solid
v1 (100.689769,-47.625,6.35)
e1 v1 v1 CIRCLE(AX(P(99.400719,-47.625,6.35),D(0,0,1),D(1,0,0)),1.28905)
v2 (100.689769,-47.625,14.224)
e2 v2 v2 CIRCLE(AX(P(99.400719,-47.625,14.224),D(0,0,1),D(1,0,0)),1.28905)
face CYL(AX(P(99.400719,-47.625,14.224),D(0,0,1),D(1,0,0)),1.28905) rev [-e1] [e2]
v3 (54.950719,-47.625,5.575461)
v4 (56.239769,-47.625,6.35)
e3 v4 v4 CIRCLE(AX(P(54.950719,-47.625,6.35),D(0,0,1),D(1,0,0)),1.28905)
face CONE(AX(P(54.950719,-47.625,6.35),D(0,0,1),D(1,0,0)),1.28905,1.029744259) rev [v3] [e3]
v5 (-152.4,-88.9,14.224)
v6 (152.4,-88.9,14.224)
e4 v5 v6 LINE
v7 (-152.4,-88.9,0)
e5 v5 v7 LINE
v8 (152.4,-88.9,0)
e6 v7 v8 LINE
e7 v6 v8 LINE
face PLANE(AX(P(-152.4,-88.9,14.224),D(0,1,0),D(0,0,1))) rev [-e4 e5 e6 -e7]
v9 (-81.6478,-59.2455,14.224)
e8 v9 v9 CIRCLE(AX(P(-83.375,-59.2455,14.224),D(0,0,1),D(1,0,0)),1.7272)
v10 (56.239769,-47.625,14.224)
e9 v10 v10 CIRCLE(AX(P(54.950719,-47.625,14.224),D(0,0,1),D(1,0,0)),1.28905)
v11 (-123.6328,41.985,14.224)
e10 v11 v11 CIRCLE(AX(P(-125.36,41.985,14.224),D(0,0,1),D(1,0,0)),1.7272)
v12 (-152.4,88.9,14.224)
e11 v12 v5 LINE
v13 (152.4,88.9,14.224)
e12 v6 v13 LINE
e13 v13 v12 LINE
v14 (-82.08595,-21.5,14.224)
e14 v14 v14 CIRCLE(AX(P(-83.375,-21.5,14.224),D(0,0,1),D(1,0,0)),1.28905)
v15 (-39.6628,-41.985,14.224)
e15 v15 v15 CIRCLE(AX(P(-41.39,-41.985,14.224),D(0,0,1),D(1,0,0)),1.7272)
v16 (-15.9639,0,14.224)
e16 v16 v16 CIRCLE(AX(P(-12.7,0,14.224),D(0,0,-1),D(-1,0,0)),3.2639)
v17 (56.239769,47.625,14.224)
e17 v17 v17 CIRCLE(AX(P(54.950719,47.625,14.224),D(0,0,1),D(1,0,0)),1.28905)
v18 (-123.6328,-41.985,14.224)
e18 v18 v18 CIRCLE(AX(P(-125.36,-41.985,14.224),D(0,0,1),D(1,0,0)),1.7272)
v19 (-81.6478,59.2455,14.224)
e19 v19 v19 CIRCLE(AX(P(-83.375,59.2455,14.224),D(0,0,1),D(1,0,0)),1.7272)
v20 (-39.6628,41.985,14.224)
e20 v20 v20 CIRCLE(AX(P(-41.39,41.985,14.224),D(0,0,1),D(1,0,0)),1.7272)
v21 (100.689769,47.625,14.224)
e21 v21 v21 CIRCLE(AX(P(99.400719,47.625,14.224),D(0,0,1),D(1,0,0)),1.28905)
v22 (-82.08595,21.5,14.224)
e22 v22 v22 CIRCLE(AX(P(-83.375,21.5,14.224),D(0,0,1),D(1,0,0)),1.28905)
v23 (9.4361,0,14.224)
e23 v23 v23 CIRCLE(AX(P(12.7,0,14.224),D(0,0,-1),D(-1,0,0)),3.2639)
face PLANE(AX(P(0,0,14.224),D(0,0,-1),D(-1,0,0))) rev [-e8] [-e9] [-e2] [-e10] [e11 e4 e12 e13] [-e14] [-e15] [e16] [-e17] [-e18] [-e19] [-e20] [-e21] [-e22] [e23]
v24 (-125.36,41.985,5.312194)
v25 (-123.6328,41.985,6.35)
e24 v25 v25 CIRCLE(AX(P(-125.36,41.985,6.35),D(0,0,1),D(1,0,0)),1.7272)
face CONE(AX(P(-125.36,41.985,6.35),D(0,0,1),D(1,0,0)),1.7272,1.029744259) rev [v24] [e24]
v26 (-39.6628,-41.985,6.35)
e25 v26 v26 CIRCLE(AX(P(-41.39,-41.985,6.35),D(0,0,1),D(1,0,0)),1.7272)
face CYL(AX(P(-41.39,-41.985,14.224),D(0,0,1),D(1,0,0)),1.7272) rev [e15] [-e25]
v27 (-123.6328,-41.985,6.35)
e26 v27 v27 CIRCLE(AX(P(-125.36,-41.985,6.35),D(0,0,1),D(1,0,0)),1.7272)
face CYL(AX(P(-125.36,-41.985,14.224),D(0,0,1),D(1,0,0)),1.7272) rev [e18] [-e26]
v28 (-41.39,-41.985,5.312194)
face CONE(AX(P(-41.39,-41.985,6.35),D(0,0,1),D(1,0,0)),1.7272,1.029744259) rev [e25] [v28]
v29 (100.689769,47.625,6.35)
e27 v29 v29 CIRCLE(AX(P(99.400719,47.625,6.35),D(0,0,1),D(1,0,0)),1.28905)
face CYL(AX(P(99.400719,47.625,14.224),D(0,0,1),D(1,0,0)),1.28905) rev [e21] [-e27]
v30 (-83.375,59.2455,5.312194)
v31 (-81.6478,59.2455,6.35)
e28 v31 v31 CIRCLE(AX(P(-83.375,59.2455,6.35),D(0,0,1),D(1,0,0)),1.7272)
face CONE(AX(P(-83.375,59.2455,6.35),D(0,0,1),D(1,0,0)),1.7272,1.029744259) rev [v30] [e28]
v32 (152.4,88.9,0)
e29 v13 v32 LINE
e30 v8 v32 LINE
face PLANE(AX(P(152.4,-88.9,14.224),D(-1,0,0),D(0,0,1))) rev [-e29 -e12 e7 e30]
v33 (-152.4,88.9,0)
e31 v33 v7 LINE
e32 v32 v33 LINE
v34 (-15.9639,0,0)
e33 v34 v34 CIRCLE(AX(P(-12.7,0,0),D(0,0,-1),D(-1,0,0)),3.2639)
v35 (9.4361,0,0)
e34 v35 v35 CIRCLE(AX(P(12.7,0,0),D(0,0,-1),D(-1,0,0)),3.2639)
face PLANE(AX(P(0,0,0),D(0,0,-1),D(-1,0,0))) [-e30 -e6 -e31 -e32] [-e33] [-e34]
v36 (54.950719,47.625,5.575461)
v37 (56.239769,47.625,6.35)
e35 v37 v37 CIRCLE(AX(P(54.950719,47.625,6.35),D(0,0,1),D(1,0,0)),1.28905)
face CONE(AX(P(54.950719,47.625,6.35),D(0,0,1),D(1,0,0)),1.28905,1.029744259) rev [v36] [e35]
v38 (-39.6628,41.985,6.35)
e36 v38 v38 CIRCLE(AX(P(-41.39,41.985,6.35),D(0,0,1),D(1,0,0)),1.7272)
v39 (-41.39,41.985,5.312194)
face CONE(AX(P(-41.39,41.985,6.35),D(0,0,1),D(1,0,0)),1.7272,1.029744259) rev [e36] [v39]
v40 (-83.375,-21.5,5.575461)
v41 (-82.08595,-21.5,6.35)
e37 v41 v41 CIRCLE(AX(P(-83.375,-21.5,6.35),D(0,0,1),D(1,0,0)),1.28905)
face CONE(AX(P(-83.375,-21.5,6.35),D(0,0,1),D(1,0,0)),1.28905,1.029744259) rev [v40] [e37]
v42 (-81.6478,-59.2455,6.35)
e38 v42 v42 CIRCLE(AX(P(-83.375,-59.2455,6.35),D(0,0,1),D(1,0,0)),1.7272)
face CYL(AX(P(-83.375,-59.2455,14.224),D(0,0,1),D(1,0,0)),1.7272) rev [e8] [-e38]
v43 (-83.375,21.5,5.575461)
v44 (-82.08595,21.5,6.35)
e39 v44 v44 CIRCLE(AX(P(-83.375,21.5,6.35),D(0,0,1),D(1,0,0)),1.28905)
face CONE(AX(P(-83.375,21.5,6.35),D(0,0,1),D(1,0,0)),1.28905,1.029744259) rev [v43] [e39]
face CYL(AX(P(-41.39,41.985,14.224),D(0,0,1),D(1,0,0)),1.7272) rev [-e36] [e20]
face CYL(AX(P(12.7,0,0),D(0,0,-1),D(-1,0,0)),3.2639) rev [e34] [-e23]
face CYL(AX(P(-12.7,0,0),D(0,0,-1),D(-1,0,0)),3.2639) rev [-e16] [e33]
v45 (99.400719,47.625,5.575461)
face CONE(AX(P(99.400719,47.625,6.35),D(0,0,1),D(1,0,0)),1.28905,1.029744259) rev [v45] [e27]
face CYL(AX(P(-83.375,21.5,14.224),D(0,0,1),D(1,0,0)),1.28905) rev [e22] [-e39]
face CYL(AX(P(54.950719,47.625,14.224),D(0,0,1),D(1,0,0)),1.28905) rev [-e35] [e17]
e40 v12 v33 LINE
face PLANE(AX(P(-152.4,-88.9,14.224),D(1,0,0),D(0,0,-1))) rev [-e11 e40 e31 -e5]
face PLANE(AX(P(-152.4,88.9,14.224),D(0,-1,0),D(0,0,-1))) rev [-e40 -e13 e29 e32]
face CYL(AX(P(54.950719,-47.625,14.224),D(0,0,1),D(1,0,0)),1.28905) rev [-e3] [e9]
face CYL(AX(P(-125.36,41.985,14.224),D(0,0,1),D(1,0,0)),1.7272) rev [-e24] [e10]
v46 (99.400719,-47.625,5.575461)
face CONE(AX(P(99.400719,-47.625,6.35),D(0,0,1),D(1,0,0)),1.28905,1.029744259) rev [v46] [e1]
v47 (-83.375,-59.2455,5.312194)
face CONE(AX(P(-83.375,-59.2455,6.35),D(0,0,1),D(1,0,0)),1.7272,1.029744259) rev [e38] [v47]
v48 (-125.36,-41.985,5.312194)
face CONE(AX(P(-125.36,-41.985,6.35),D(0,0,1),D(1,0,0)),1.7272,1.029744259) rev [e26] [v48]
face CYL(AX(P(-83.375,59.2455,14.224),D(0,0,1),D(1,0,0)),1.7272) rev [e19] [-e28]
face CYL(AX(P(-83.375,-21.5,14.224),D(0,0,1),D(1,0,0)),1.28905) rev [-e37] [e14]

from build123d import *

# Parameters (mm, degrees)
SKETCH1_W                     = 304.8
SKETCH1_H                     = 177.8
BOSS_EXTRUDE1_DEPTH           = 14.224
TAP_DRILL_FOR_8_32_TAP1_D     = 3.4544
TAP_DRILL_FOR_8_32_TAP1_DEPTH = 7.874
TAP_DRILL_FOR_8_32_TAP1_TIP   = 1.037806461
TAP_DRILL_FOR_5_40_TAP1_D     = 2.5781
TAP_DRILL_FOR_5_40_TAP1_DEPTH = 7.874
TAP_DRILL_FOR_5_40_TAP1_TIP   = 0.774539381
F_1_4_CLEARANCE_HOLE1_D       = 6.5278


with BuildPart() as part:
    # Sketch1 → Boss-Extrude1 (new body)
    with BuildSketch(Plane.XY):
        Rectangle(SKETCH1_W, SKETCH1_H)
    extrude(amount=BOSS_EXTRUDE1_DEPTH)

    # Tap Drill for #8-32 Tap1
    with Locations(Plane.XY.offset(14.224)):
        with Locations((-41.39, 41.985), (-41.39, -41.985), (-125.36, -41.985), (-125.36, 41.985), (-83.375, 59.2455), (-83.375, -59.2455)):
            Hole(TAP_DRILL_FOR_8_32_TAP1_D / 2, depth=TAP_DRILL_FOR_8_32_TAP1_DEPTH)
            with Locations((0, 0, -(TAP_DRILL_FOR_8_32_TAP1_DEPTH + TAP_DRILL_FOR_8_32_TAP1_TIP / 2))):  # 118° drill point
                Cone(0, TAP_DRILL_FOR_8_32_TAP1_D / 2, TAP_DRILL_FOR_8_32_TAP1_TIP, mode=Mode.SUBTRACT)

    # Tap Drill for #5-40 Tap1
    with Locations(Plane.XY.offset(14.224)):
        with Locations((-83.375, 21.5), (-83.375, -21.5), (54.950719391, 47.625), (99.400719391, 47.625), (99.400719391, -47.625), (54.950719391, -47.625)):
            Hole(TAP_DRILL_FOR_5_40_TAP1_D / 2, depth=TAP_DRILL_FOR_5_40_TAP1_DEPTH)
            with Locations((0, 0, -(TAP_DRILL_FOR_5_40_TAP1_DEPTH + TAP_DRILL_FOR_5_40_TAP1_TIP / 2))):  # 118° drill point
                Cone(0, TAP_DRILL_FOR_5_40_TAP1_D / 2, TAP_DRILL_FOR_5_40_TAP1_TIP, mode=Mode.SUBTRACT)

    # 1/4 Clearance Hole1 (through all)
    with Locations(Plane(origin=(0, 0, 0), x_dir=(1, 0, 0), z_dir=(0, 0, -1))):
        with Locations((-12.7, 0), (12.7, 0)):
            Hole(F_1_4_CLEARANCE_HOLE1_D / 2)


solid = part.part
